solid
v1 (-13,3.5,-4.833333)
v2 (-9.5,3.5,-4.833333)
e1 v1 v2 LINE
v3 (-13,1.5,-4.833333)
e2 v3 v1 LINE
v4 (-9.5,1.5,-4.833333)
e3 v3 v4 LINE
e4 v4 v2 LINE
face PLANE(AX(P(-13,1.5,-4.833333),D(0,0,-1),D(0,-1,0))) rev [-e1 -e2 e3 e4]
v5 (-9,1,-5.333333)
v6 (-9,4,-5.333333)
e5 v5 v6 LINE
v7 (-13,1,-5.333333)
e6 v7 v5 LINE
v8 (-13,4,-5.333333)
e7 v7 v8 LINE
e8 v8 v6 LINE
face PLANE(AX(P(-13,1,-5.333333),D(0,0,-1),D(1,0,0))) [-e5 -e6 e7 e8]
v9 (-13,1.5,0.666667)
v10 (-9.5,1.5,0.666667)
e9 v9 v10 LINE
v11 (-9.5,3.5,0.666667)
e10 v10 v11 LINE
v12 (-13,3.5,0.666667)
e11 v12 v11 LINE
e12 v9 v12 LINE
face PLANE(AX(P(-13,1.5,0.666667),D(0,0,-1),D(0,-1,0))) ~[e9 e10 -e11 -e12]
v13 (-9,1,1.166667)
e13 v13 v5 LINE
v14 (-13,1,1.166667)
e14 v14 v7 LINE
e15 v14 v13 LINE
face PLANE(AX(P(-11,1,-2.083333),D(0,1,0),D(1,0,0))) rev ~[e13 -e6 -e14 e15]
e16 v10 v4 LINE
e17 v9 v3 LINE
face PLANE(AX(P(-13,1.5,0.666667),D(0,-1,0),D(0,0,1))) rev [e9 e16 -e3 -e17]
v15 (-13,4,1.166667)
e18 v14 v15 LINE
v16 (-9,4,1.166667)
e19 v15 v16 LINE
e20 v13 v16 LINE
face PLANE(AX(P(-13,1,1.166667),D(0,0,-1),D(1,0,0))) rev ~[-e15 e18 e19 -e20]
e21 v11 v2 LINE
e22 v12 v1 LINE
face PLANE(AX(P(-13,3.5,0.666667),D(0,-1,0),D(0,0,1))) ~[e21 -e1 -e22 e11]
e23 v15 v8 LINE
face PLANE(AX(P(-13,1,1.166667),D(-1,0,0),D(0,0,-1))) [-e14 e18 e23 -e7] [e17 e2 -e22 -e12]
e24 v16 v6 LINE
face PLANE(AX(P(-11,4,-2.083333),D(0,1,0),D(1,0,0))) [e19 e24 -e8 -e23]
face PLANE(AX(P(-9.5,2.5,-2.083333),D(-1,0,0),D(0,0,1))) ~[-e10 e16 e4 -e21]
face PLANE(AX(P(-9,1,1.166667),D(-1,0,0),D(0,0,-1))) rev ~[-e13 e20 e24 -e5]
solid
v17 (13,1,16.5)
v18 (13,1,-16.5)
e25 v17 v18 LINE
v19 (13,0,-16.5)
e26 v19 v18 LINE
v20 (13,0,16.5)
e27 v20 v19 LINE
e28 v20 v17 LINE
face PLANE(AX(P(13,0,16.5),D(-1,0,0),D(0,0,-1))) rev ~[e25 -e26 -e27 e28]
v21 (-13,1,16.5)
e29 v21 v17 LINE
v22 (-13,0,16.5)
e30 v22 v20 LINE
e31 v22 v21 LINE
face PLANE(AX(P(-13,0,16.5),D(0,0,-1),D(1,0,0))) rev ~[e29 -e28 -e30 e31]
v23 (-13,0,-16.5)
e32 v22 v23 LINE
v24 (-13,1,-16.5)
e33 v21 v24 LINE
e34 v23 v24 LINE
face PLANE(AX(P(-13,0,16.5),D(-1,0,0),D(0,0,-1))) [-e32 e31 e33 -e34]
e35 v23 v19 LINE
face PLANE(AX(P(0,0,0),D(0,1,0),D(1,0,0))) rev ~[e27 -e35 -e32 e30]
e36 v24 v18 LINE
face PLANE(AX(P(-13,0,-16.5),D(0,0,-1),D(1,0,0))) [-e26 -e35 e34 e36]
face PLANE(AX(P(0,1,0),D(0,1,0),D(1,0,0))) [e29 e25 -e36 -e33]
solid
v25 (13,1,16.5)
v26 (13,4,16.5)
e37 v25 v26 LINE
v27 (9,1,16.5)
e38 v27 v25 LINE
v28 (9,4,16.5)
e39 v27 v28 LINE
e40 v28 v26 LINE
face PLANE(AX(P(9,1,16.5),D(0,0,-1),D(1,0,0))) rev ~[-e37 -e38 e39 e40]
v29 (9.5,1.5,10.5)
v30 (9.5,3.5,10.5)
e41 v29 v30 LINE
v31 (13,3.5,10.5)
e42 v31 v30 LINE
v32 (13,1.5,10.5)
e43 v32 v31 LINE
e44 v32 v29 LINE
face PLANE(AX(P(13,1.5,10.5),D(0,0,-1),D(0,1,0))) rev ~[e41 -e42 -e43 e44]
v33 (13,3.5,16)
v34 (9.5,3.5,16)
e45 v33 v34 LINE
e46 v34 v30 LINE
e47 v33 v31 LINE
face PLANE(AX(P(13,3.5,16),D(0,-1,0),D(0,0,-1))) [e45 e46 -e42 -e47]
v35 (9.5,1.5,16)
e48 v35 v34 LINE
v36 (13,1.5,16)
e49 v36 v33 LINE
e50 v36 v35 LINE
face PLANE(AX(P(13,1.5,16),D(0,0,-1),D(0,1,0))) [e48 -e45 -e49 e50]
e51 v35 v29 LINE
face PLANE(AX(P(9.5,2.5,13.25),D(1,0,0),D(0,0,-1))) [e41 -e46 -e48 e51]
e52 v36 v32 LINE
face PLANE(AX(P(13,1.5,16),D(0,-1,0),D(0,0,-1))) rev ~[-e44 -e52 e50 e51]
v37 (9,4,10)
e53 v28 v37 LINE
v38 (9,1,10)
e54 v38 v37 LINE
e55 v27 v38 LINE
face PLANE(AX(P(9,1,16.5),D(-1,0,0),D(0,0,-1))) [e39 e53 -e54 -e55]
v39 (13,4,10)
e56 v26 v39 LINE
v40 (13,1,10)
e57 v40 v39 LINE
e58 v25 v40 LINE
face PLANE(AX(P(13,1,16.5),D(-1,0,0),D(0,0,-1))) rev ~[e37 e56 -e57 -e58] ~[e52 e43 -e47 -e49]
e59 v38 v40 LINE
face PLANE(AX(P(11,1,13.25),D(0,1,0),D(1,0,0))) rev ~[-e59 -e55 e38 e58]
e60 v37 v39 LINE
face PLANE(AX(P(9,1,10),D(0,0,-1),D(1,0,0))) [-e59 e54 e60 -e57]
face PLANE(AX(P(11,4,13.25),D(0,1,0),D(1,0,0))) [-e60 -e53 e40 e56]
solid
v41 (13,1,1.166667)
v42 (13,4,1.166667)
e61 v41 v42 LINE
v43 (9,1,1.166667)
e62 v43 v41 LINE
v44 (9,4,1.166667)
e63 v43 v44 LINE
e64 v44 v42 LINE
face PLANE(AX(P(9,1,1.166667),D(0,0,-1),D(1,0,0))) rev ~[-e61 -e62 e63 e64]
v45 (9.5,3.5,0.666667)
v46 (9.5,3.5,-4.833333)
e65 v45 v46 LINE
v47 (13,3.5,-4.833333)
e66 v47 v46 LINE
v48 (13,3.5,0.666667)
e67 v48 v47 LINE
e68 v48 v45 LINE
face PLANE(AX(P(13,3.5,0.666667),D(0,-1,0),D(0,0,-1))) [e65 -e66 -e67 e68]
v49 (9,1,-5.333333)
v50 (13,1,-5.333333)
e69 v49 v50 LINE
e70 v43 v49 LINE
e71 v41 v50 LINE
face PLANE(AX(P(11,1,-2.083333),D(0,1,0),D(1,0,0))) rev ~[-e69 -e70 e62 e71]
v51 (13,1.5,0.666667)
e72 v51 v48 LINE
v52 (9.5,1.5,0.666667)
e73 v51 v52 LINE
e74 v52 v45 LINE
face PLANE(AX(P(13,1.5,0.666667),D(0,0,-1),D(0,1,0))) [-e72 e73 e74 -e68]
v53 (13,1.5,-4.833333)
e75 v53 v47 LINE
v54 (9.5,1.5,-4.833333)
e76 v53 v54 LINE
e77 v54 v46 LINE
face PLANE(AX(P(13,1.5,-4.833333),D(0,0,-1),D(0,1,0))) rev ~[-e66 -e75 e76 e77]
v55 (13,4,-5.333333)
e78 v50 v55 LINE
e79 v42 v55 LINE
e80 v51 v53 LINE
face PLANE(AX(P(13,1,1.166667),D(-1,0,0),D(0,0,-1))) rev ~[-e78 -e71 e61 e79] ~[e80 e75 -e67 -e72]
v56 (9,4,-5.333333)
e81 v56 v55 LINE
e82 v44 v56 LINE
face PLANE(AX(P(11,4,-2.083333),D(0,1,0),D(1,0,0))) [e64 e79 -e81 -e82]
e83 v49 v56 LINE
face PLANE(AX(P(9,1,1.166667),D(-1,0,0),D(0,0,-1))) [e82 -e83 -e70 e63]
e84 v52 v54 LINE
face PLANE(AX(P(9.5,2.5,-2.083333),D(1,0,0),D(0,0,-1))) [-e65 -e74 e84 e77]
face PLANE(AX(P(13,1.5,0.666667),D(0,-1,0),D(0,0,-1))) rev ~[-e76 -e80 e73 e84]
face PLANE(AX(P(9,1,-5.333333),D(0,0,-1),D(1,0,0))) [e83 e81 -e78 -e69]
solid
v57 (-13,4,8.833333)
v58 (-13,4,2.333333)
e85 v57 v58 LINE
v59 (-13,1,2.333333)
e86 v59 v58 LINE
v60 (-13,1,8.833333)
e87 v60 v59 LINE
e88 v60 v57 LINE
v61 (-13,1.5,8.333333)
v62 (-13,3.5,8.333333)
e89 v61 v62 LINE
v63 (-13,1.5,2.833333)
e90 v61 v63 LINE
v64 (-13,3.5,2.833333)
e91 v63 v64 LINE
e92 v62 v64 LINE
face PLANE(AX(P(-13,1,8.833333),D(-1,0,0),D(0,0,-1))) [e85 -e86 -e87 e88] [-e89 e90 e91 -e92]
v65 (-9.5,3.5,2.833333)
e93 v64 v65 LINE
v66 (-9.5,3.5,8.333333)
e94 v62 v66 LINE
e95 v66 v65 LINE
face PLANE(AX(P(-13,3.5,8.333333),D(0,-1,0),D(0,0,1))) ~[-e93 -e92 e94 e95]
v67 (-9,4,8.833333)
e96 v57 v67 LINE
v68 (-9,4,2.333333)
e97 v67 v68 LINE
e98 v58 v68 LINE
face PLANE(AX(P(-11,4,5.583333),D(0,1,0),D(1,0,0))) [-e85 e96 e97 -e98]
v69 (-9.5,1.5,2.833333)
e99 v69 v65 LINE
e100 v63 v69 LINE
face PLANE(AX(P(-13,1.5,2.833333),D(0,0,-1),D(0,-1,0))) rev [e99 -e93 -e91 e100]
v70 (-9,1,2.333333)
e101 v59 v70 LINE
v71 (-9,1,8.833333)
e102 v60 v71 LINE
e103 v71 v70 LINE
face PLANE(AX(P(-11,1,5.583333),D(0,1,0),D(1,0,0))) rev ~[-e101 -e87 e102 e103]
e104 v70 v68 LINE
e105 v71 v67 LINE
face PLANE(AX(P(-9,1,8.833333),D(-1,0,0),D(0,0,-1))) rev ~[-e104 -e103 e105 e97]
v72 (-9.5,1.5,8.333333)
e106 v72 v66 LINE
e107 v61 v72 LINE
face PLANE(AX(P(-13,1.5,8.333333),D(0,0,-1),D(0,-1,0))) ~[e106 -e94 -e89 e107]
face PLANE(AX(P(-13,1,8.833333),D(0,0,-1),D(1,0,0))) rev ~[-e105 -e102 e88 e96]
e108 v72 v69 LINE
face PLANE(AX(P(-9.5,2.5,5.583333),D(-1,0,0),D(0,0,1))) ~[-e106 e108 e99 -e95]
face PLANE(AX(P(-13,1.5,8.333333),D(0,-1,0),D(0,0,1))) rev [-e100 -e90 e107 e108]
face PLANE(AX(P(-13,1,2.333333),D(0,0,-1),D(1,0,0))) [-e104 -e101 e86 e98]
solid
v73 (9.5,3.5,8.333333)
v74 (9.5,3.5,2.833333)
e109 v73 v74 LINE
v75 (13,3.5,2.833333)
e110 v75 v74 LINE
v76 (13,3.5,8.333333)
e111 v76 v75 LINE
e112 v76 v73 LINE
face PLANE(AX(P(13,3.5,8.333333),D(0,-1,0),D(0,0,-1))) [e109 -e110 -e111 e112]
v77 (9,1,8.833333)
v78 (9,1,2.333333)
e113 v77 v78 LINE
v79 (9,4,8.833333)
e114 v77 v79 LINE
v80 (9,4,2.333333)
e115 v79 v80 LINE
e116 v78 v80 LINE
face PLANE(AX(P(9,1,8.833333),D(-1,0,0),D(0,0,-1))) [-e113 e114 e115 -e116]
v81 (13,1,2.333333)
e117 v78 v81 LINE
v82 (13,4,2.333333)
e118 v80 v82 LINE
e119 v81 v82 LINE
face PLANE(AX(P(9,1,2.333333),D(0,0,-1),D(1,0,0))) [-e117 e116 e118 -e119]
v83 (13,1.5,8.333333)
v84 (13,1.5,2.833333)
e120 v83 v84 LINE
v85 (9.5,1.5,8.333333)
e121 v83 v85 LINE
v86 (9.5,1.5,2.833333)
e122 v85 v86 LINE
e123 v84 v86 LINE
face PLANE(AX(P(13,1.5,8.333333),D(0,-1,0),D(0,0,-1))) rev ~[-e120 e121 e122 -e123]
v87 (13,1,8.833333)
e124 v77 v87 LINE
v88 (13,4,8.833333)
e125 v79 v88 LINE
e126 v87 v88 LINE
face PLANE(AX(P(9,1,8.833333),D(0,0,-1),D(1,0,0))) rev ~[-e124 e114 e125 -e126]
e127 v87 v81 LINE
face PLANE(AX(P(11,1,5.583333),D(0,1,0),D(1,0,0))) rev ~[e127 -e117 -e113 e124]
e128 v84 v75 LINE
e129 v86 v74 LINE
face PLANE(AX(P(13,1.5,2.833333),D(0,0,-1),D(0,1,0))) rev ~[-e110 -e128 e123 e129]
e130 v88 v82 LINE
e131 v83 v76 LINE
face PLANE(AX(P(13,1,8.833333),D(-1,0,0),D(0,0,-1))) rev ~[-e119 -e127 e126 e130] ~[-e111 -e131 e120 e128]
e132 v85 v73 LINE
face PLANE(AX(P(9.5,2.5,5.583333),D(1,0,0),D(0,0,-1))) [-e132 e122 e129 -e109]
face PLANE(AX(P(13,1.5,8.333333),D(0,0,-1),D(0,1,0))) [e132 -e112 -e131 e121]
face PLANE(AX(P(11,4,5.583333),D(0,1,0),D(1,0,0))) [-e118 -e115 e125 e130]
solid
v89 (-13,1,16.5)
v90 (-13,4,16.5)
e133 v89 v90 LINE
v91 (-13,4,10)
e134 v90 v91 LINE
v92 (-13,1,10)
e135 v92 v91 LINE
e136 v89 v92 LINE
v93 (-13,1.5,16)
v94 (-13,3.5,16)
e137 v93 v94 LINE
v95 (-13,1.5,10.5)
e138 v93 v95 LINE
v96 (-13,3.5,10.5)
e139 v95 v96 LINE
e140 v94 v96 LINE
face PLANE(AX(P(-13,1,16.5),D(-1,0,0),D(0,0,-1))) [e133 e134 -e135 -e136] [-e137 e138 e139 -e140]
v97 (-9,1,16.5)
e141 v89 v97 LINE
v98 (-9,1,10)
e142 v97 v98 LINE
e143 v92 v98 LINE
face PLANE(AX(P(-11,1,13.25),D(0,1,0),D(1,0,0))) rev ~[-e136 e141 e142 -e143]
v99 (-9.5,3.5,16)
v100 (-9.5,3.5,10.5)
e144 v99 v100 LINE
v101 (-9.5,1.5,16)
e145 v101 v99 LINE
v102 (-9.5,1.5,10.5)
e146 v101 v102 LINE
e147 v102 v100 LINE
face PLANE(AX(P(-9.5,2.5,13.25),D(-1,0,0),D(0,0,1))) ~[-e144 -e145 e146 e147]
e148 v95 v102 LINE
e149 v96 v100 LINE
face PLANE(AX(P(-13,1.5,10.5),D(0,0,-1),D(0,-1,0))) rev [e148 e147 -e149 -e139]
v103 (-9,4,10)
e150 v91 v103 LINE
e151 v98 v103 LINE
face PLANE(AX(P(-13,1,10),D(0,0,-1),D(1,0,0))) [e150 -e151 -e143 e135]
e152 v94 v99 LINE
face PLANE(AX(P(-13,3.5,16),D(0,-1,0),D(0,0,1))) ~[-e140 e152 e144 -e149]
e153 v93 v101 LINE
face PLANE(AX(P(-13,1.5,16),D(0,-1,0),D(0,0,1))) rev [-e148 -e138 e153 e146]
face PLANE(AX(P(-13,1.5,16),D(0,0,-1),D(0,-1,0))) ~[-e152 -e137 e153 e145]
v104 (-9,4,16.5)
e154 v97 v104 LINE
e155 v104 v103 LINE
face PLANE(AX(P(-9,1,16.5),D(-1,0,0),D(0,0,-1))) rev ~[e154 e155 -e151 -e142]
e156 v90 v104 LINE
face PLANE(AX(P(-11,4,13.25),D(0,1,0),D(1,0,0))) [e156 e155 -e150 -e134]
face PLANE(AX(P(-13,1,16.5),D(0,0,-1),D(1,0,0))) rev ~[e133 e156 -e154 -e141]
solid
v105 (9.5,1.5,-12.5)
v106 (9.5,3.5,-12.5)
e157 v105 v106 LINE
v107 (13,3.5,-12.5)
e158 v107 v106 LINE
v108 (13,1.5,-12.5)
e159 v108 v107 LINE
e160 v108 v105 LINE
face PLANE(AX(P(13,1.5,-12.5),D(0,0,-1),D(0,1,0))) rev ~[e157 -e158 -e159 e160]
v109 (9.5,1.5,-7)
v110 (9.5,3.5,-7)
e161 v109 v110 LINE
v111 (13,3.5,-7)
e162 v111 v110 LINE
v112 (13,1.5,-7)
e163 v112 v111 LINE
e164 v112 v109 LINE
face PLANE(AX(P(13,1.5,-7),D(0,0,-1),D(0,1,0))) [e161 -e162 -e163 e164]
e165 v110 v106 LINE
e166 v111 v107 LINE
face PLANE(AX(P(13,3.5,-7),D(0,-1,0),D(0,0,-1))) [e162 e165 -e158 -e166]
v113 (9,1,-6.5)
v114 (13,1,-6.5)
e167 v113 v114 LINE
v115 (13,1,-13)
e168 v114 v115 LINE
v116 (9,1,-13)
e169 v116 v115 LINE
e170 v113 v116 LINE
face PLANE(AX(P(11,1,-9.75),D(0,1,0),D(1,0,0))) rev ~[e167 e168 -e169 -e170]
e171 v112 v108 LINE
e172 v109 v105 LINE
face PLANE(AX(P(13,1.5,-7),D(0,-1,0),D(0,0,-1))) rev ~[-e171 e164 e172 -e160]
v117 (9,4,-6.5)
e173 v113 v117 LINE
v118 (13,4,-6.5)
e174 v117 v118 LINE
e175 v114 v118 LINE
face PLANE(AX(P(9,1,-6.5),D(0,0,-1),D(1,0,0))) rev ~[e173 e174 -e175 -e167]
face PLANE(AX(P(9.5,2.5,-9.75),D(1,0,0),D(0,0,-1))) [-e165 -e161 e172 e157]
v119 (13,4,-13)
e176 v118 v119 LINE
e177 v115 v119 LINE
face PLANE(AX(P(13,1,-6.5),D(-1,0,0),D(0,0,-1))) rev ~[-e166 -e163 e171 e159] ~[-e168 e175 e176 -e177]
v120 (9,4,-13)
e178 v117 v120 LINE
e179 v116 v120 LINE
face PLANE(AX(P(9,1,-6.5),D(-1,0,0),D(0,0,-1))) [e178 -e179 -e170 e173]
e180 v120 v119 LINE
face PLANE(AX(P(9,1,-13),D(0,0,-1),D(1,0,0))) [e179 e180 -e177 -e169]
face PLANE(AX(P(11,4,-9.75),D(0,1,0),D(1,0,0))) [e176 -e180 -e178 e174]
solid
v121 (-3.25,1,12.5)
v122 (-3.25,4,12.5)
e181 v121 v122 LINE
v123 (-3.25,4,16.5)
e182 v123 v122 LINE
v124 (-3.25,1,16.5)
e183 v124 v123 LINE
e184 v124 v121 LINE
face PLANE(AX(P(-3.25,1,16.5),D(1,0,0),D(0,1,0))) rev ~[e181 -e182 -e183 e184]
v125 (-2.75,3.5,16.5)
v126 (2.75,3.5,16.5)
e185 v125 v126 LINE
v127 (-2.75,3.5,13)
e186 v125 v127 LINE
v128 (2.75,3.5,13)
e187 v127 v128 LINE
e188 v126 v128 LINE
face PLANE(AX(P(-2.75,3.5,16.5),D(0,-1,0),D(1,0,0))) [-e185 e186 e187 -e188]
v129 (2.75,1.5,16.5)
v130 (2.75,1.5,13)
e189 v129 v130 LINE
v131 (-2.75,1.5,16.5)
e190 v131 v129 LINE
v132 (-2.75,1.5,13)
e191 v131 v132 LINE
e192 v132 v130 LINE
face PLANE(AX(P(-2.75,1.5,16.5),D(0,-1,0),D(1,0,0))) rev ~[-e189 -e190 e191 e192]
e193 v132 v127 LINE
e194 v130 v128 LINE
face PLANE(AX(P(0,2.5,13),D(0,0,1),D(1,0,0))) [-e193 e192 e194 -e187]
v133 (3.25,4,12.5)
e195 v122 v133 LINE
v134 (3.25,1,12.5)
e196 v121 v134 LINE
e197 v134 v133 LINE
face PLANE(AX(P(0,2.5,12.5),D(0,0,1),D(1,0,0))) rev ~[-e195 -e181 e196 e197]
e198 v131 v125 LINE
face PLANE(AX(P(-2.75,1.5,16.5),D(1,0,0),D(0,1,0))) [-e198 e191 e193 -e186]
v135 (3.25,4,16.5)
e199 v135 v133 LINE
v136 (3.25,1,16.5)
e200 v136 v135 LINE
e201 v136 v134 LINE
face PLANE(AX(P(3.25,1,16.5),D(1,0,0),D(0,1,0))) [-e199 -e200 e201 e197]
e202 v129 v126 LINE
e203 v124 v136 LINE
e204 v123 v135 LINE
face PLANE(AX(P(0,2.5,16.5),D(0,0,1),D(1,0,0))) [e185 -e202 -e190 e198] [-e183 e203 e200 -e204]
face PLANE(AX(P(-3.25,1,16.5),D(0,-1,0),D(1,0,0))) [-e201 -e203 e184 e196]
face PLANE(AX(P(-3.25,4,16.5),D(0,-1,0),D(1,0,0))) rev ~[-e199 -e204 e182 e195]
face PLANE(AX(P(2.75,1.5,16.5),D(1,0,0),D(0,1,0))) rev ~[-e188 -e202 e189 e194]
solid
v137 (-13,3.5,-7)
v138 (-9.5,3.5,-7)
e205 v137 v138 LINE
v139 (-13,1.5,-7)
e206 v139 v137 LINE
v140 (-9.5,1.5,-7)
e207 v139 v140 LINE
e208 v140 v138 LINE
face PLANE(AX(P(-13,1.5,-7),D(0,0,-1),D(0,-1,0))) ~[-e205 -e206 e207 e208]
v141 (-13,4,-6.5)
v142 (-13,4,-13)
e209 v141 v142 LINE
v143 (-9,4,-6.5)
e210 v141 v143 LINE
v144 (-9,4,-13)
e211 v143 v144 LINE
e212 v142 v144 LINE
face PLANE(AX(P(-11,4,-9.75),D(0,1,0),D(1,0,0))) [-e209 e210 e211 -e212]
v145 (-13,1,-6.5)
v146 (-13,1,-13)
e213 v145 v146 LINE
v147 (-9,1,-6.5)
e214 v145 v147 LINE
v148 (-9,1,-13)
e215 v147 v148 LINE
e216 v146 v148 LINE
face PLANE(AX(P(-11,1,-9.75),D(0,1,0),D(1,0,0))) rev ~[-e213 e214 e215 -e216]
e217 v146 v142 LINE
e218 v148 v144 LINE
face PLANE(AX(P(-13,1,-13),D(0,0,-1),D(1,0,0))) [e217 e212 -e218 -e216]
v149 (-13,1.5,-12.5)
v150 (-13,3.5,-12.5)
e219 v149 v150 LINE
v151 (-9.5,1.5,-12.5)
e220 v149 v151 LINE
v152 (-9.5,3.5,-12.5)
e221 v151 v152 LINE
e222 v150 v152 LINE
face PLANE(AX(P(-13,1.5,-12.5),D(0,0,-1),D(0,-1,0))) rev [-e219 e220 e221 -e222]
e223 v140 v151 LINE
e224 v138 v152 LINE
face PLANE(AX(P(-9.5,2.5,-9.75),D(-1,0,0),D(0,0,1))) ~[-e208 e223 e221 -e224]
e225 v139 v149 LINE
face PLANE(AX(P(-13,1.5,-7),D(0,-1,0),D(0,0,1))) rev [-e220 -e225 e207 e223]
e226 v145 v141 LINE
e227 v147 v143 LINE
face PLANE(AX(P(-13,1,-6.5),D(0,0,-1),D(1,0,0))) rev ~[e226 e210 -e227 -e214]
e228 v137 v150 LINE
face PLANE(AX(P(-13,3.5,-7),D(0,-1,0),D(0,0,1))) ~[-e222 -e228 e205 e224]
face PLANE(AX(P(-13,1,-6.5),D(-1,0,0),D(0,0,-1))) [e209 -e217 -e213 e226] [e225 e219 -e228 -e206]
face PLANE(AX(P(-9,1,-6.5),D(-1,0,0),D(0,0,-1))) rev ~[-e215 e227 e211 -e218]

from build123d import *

# Parameters (mm, degrees)
SKETCH1_W             = 26
SKETCH1_H             = 33
BOSS_EXTRUDE1_DEPTH   = 1
SKETCH2_W             = 4
SKETCH2_H             = 6.5
BOSS_EXTRUDE2_DEPTH   = 3
BOSS_EXTRUDE2_2_DEPTH = 3
BOSS_EXTRUDE2_3_DEPTH = 3
BOSS_EXTRUDE2_4_DEPTH = 3
BOSS_EXTRUDE2_5_DEPTH = 3
BOSS_EXTRUDE2_6_DEPTH = 3
BOSS_EXTRUDE2_7_DEPTH = 3
BOSS_EXTRUDE2_8_DEPTH = 3
SKETCH3_W             = 5.5
SKETCH3_H             = 2
CUT_EXTRUDE1_DEPTH    = 3.5
SKETCH4_W             = 6.5
SKETCH4_H             = 3
BOSS_EXTRUDE3_DEPTH   = 4
SKETCH5_W             = 5.5
SKETCH5_H             = 2
CUT_EXTRUDE2_DEPTH    = 3.5


with BuildPart() as part:
    # Sketch1 → Boss-Extrude1 (new body)
    with BuildSketch(Plane(origin=(0, 0, 0), x_dir=(1, 0, 0), z_dir=(0, 1, 0))):
        Rectangle(SKETCH1_W, SKETCH1_H)
    extrude(amount=BOSS_EXTRUDE1_DEPTH)


with BuildPart() as body_2:
    # Sketch2 → Boss-Extrude2 (new body)
    with BuildSketch(Plane(origin=(0, 1, 0), x_dir=(1, 0, 0), z_dir=(0, 1, 0))):
        with Locations((11, 9.75)):
            Rectangle(SKETCH2_W, SKETCH2_H)
    extrude(amount=BOSS_EXTRUDE2_DEPTH)


with BuildPart() as body_3:
    # Sketch2 → Boss-Extrude2 2 (new body)
    with BuildSketch(Plane(origin=(0, 1, 0), x_dir=(1, 0, 0), z_dir=(0, 1, 0))):
        with Locations((11, 2.083333333)):
            Rectangle(SKETCH2_W, SKETCH2_H)
    extrude(amount=BOSS_EXTRUDE2_2_DEPTH)


with BuildPart() as body_4:
    # Sketch2 → Boss-Extrude2 3 (new body)
    with BuildSketch(Plane(origin=(0, 1, 0), x_dir=(1, 0, 0), z_dir=(0, 1, 0))):
        with Locations((11, -5.583333333)):
            Rectangle(SKETCH2_W, SKETCH2_H)
    extrude(amount=BOSS_EXTRUDE2_3_DEPTH)


with BuildPart() as body_5:
    # Sketch2 → Boss-Extrude2 4 (new body)
    with BuildSketch(Plane(origin=(0, 1, 0), x_dir=(1, 0, 0), z_dir=(0, 1, 0))):
        with Locations((11, -13.25)):
            Rectangle(SKETCH2_W, SKETCH2_H)
    extrude(amount=BOSS_EXTRUDE2_4_DEPTH)


with BuildPart() as body_6:
    # Sketch2 → Boss-Extrude2 5 (new body)
    with BuildSketch(Plane(origin=(0, 1, 0), x_dir=(1, 0, 0), z_dir=(0, 1, 0))):
        with Locations((-11, -13.25)):
            Rectangle(SKETCH2_W, SKETCH2_H)
    extrude(amount=BOSS_EXTRUDE2_5_DEPTH)


with BuildPart() as body_7:
    # Sketch2 → Boss-Extrude2 6 (new body)
    with BuildSketch(Plane(origin=(0, 1, 0), x_dir=(1, 0, 0), z_dir=(0, 1, 0))):
        with Locations((-11, -5.583333333)):
            Rectangle(SKETCH2_W, SKETCH2_H)
    extrude(amount=BOSS_EXTRUDE2_6_DEPTH)


with BuildPart() as body_8:
    # Sketch2 → Boss-Extrude2 7 (new body)
    with BuildSketch(Plane(origin=(0, 1, 0), x_dir=(1, 0, 0), z_dir=(0, 1, 0))):
        with Locations((-11, 2.083333333)):
            Rectangle(SKETCH2_W, SKETCH2_H)
    extrude(amount=BOSS_EXTRUDE2_7_DEPTH)


with BuildPart() as body_9:
    # Sketch2 → Boss-Extrude2 8 (new body)
    with BuildSketch(Plane(origin=(0, 1, 0), x_dir=(1, 0, 0), z_dir=(0, 1, 0))):
        with Locations((-11, 9.75)):
            Rectangle(SKETCH2_W, SKETCH2_H)
    extrude(amount=BOSS_EXTRUDE2_8_DEPTH)


with BuildPart() as cut_extrude1_tool:
    # Sketch3 → Cut-Extrude1 (new body)
    with BuildSketch(Plane(origin=(13, 0, 0), x_dir=(0, 0, -1), z_dir=(1, 0, 0))):
        with Locations((2.083333333, 2.5)):
            Rectangle(SKETCH3_W, SKETCH3_H)
        with Locations((9.75, 2.5)):
            Rectangle(SKETCH3_W, SKETCH3_H)
        with Locations((-5.583333333, 2.5)):
            Rectangle(SKETCH3_W, SKETCH3_H)
        with Locations((-13.25, 2.5)):
            Rectangle(SKETCH3_W, SKETCH3_H)
    cut_extrude1 = extrude(amount=-CUT_EXTRUDE1_DEPTH)


with BuildPart() as body_2_1:
    add(body_2.part)

    # Cut-Extrude1: cut by cut_extrude1_tool
    add(cut_extrude1_tool.part, mode=Mode.SUBTRACT)


with BuildPart() as body_3_1:
    add(body_3.part)

    # Cut-Extrude1: cut by cut_extrude1_tool
    add(cut_extrude1_tool.part, mode=Mode.SUBTRACT)


with BuildPart() as body_4_1:
    add(body_4.part)

    # Cut-Extrude1: cut by cut_extrude1_tool
    add(cut_extrude1_tool.part, mode=Mode.SUBTRACT)


with BuildPart() as body_5_1:
    add(body_5.part)

    # Cut-Extrude1: cut by cut_extrude1_tool
    add(cut_extrude1_tool.part, mode=Mode.SUBTRACT)


with BuildPart() as mirror1_tool:
    # Mirror1: Cut-Extrude1 across plane
    add(cut_extrude1.mirror(Plane(origin=(0, 0, 0), x_dir=(0, 0, 1), z_dir=(1, 0, 0))))


with BuildPart() as body_6_1:
    add(body_6.part)

    # Mirror1: cut by mirror1_tool
    add(mirror1_tool.part, mode=Mode.SUBTRACT)


with BuildPart() as body_7_1:
    add(body_7.part)

    # Mirror1: cut by mirror1_tool
    add(mirror1_tool.part, mode=Mode.SUBTRACT)


with BuildPart() as body_8_1:
    add(body_8.part)

    # Mirror1: cut by mirror1_tool
    add(mirror1_tool.part, mode=Mode.SUBTRACT)


with BuildPart() as body_9_1:
    add(body_9.part)

    # Mirror1: cut by mirror1_tool
    add(mirror1_tool.part, mode=Mode.SUBTRACT)


with BuildPart() as body_10:
    # Sketch4 → Boss-Extrude3 (new body)
    with BuildSketch(Plane.XY.offset(16.5)):
        with Locations((0, 2.5)):
            Rectangle(SKETCH4_W, SKETCH4_H)
    extrude(amount=-BOSS_EXTRUDE3_DEPTH)

    # Sketch5 → Cut-Extrude2 (cut)
    with BuildSketch(Plane.XY.offset(16.5)):
        with Locations((0, 2.5)):
            Rectangle(SKETCH5_W, SKETCH5_H)
    extrude(amount=-CUT_EXTRUDE2_DEPTH, mode=Mode.SUBTRACT)


solid = Compound([part.part, body_2_1.part, body_3_1.part, body_4_1.part, body_5_1.part, body_6_1.part, body_7_1.part, body_8_1.part, body_9_1.part, body_10.part])
